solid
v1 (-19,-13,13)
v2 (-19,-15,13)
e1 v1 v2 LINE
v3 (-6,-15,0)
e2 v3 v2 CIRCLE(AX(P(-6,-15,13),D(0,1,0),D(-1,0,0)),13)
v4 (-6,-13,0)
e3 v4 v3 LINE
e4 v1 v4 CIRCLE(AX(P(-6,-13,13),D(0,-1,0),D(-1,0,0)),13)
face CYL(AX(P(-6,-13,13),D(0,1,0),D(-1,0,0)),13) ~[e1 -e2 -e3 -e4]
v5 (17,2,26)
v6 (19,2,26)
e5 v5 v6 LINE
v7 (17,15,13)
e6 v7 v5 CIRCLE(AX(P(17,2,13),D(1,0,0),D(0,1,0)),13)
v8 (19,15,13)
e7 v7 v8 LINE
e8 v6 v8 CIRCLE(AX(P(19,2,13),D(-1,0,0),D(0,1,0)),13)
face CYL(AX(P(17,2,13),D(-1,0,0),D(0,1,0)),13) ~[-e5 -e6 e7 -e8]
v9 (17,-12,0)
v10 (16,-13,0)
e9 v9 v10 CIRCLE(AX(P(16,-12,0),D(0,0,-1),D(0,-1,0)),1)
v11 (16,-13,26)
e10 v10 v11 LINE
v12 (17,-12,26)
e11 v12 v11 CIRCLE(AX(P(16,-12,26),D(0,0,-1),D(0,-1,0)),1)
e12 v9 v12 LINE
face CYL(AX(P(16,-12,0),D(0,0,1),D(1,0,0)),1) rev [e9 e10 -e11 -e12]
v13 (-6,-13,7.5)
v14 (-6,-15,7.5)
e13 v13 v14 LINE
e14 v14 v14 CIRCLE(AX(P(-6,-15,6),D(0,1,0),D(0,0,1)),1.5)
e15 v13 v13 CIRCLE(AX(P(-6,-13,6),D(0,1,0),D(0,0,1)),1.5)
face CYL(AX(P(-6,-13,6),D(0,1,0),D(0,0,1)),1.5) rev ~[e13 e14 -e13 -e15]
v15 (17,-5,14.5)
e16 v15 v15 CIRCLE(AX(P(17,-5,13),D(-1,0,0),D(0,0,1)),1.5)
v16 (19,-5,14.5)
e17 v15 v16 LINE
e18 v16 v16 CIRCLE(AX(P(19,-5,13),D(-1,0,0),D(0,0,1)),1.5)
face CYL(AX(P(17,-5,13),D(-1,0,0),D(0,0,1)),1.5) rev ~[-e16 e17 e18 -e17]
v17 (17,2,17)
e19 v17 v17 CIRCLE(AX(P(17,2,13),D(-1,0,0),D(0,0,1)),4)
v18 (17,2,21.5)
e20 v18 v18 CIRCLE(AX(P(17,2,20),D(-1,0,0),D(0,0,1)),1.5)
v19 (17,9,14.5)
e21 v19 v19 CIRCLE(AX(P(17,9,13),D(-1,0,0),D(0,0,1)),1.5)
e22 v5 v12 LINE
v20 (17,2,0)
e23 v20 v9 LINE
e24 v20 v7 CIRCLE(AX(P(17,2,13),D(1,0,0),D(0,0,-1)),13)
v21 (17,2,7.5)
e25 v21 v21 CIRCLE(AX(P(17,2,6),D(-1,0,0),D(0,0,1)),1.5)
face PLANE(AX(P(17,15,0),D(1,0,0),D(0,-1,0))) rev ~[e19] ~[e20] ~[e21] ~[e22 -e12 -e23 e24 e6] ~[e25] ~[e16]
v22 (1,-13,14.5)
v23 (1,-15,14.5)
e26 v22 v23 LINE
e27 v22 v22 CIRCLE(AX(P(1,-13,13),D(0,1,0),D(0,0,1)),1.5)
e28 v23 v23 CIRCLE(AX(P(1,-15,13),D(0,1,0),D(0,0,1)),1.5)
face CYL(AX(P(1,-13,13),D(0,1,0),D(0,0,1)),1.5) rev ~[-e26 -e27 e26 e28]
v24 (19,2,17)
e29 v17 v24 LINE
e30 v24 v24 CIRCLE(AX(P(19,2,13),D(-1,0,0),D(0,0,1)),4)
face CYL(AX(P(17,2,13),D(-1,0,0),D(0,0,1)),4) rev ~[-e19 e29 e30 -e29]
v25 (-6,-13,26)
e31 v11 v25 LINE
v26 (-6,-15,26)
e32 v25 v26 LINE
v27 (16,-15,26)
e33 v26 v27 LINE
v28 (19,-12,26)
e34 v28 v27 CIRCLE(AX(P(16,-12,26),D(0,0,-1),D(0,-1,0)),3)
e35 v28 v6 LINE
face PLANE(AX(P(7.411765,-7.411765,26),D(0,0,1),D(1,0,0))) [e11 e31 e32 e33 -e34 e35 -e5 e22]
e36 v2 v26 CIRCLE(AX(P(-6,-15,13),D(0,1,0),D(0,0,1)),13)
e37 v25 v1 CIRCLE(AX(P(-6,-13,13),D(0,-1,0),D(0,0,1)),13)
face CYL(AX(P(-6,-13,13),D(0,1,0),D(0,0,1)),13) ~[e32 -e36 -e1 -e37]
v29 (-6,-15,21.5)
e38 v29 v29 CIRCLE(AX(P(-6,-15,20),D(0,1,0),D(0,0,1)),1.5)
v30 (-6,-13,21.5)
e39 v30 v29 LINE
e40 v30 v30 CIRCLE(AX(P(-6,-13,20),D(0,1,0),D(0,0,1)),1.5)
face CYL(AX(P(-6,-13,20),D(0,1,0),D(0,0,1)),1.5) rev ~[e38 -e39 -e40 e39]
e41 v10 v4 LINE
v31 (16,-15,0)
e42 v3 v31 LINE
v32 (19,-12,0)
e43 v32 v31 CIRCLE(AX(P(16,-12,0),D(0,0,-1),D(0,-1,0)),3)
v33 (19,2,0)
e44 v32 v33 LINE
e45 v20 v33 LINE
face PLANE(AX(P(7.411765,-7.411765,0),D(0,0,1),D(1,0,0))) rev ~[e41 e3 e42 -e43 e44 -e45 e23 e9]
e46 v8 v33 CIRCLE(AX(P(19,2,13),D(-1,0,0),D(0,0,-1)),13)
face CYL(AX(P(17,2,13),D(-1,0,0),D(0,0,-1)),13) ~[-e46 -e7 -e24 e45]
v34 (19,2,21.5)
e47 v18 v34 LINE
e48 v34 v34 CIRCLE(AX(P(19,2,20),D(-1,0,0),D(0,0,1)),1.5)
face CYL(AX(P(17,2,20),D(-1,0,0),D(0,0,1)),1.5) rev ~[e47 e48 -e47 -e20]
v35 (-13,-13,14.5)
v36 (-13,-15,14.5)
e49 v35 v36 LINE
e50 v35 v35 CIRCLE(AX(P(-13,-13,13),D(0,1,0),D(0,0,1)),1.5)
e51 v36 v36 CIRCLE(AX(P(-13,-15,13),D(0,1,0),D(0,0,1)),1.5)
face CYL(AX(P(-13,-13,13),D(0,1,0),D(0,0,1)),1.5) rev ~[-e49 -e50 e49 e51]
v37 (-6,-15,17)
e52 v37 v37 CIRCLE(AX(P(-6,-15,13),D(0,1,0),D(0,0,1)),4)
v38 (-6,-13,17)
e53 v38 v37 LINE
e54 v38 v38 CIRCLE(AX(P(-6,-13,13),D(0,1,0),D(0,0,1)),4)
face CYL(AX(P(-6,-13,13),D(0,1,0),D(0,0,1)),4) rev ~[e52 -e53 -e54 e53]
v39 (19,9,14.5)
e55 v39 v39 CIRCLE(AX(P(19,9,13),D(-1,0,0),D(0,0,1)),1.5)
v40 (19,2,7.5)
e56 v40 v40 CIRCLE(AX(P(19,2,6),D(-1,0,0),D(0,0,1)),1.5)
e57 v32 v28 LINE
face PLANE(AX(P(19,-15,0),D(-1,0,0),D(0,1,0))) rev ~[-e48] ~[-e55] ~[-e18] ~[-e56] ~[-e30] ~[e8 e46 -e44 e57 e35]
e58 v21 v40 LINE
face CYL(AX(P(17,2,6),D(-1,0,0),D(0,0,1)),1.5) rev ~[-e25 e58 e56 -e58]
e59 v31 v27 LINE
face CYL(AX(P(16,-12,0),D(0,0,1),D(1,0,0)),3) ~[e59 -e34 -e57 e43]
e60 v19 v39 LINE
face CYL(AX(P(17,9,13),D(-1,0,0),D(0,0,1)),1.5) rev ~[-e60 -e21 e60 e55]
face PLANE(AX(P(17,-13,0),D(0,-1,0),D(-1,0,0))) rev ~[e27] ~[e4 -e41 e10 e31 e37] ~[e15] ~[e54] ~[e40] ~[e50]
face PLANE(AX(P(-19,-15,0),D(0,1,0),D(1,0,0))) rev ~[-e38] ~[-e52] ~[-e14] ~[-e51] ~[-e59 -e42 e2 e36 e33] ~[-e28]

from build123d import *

# Parameters (mm, degrees)
EXTRUDE_1_DEPTH     = 26
FILLET_1_R          = 1
FILLET_2_R          = 3
SKETCH_2_R          = 1.5
SKETCH_2_R_2        = 4
CUT_EXTRUDE_1_DEPTH = 26
SKETCH_3_R          = 1.5
SKETCH_3_R_2        = 4
CUT_EXTRUDE_2_DEPTH = 26


with BuildPart() as part:
    # 草图1 → 凸台-拉伸1 (new body)
    with BuildSketch(Plane.XY):
        Polygon((-19, -15), (19, -15), (19, 15), (17, 15), (17, -13), (-19, -13), align=None)
    extrude(amount=EXTRUDE_1_DEPTH)

    # 圆角1
    fillet_1_edges = [part.edges().sort_by_distance(p)[0] for p in [
        (17, -13, 13),
    ]]
    fillet(fillet_1_edges, radius=FILLET_1_R)

    # 圆角2
    fillet_2_edges = [part.edges().sort_by_distance(p)[0] for p in [
        (19, -15, 13),
    ]]
    fillet(fillet_2_edges, radius=FILLET_2_R)

    # 草图2 → 切除-拉伸1 (cut)
    with BuildSketch(Plane.ZY.offset(-17)):
        with BuildLine():
            Line((26, 15), (13, 15))
            ThreePointArc((13, 15), (22.192388155, 11.192388155), (26, 2))
            Line((26, 2), (26, 15))
        make_face()
        with BuildLine():
            Line((0, 15), (0, 2))
            ThreePointArc((0, 2), (3.807611845, 11.192388155), (13, 15))
            Line((13, 15), (0, 15))
        make_face()
        with Locations((6, 2)):
            Circle(SKETCH_2_R)
        with Locations((13, 9)):
            Circle(SKETCH_2_R)
        with Locations((13, -5)):
            Circle(SKETCH_2_R)
        with Locations((20, 2)):
            Circle(SKETCH_2_R)
        with Locations((13, 2)):
            Circle(SKETCH_2_R_2)
    extrude(amount=-CUT_EXTRUDE_1_DEPTH, mode=Mode.SUBTRACT)

    # 草图3 → 切除-拉伸2 (cut)
    with BuildSketch(Plane(origin=(0, -13, 0), x_dir=(1, 0, 0), z_dir=(0, 1, 0))):
        with BuildLine():
            ThreePointArc((-19, -13), (-15.192388155, -3.807611845), (-6, 0))
            Line((-6, 0), (-19, 0))
            Line((-19, 0), (-19, -13))
        make_face()
        with Locations(Location((-6, -6, 0), (0, 0, 270))):
            Circle(SKETCH_3_R)
        with Locations(Location((-6, -13, 0), (0, 0, 270))):
            Circle(SKETCH_3_R_2)
        with Locations(Location((1, -13, 0), (0, 0, 270))):
            Circle(SKETCH_3_R)
        with Locations(Location((-13, -13, 0), (0, 0, 270))):
            Circle(SKETCH_3_R)
        with Locations(Location((-6, -20, 0), (0, 0, 270))):
            Circle(SKETCH_3_R)
        with BuildLine():
            ThreePointArc((-6, -26), (-15.192388155, -22.192388155), (-19, -13))
            Line((-19, -13), (-19, -26))
            Line((-19, -26), (-6, -26))
        make_face()
    extrude(amount=-CUT_EXTRUDE_2_DEPTH, mode=Mode.SUBTRACT)


solid = part.part
